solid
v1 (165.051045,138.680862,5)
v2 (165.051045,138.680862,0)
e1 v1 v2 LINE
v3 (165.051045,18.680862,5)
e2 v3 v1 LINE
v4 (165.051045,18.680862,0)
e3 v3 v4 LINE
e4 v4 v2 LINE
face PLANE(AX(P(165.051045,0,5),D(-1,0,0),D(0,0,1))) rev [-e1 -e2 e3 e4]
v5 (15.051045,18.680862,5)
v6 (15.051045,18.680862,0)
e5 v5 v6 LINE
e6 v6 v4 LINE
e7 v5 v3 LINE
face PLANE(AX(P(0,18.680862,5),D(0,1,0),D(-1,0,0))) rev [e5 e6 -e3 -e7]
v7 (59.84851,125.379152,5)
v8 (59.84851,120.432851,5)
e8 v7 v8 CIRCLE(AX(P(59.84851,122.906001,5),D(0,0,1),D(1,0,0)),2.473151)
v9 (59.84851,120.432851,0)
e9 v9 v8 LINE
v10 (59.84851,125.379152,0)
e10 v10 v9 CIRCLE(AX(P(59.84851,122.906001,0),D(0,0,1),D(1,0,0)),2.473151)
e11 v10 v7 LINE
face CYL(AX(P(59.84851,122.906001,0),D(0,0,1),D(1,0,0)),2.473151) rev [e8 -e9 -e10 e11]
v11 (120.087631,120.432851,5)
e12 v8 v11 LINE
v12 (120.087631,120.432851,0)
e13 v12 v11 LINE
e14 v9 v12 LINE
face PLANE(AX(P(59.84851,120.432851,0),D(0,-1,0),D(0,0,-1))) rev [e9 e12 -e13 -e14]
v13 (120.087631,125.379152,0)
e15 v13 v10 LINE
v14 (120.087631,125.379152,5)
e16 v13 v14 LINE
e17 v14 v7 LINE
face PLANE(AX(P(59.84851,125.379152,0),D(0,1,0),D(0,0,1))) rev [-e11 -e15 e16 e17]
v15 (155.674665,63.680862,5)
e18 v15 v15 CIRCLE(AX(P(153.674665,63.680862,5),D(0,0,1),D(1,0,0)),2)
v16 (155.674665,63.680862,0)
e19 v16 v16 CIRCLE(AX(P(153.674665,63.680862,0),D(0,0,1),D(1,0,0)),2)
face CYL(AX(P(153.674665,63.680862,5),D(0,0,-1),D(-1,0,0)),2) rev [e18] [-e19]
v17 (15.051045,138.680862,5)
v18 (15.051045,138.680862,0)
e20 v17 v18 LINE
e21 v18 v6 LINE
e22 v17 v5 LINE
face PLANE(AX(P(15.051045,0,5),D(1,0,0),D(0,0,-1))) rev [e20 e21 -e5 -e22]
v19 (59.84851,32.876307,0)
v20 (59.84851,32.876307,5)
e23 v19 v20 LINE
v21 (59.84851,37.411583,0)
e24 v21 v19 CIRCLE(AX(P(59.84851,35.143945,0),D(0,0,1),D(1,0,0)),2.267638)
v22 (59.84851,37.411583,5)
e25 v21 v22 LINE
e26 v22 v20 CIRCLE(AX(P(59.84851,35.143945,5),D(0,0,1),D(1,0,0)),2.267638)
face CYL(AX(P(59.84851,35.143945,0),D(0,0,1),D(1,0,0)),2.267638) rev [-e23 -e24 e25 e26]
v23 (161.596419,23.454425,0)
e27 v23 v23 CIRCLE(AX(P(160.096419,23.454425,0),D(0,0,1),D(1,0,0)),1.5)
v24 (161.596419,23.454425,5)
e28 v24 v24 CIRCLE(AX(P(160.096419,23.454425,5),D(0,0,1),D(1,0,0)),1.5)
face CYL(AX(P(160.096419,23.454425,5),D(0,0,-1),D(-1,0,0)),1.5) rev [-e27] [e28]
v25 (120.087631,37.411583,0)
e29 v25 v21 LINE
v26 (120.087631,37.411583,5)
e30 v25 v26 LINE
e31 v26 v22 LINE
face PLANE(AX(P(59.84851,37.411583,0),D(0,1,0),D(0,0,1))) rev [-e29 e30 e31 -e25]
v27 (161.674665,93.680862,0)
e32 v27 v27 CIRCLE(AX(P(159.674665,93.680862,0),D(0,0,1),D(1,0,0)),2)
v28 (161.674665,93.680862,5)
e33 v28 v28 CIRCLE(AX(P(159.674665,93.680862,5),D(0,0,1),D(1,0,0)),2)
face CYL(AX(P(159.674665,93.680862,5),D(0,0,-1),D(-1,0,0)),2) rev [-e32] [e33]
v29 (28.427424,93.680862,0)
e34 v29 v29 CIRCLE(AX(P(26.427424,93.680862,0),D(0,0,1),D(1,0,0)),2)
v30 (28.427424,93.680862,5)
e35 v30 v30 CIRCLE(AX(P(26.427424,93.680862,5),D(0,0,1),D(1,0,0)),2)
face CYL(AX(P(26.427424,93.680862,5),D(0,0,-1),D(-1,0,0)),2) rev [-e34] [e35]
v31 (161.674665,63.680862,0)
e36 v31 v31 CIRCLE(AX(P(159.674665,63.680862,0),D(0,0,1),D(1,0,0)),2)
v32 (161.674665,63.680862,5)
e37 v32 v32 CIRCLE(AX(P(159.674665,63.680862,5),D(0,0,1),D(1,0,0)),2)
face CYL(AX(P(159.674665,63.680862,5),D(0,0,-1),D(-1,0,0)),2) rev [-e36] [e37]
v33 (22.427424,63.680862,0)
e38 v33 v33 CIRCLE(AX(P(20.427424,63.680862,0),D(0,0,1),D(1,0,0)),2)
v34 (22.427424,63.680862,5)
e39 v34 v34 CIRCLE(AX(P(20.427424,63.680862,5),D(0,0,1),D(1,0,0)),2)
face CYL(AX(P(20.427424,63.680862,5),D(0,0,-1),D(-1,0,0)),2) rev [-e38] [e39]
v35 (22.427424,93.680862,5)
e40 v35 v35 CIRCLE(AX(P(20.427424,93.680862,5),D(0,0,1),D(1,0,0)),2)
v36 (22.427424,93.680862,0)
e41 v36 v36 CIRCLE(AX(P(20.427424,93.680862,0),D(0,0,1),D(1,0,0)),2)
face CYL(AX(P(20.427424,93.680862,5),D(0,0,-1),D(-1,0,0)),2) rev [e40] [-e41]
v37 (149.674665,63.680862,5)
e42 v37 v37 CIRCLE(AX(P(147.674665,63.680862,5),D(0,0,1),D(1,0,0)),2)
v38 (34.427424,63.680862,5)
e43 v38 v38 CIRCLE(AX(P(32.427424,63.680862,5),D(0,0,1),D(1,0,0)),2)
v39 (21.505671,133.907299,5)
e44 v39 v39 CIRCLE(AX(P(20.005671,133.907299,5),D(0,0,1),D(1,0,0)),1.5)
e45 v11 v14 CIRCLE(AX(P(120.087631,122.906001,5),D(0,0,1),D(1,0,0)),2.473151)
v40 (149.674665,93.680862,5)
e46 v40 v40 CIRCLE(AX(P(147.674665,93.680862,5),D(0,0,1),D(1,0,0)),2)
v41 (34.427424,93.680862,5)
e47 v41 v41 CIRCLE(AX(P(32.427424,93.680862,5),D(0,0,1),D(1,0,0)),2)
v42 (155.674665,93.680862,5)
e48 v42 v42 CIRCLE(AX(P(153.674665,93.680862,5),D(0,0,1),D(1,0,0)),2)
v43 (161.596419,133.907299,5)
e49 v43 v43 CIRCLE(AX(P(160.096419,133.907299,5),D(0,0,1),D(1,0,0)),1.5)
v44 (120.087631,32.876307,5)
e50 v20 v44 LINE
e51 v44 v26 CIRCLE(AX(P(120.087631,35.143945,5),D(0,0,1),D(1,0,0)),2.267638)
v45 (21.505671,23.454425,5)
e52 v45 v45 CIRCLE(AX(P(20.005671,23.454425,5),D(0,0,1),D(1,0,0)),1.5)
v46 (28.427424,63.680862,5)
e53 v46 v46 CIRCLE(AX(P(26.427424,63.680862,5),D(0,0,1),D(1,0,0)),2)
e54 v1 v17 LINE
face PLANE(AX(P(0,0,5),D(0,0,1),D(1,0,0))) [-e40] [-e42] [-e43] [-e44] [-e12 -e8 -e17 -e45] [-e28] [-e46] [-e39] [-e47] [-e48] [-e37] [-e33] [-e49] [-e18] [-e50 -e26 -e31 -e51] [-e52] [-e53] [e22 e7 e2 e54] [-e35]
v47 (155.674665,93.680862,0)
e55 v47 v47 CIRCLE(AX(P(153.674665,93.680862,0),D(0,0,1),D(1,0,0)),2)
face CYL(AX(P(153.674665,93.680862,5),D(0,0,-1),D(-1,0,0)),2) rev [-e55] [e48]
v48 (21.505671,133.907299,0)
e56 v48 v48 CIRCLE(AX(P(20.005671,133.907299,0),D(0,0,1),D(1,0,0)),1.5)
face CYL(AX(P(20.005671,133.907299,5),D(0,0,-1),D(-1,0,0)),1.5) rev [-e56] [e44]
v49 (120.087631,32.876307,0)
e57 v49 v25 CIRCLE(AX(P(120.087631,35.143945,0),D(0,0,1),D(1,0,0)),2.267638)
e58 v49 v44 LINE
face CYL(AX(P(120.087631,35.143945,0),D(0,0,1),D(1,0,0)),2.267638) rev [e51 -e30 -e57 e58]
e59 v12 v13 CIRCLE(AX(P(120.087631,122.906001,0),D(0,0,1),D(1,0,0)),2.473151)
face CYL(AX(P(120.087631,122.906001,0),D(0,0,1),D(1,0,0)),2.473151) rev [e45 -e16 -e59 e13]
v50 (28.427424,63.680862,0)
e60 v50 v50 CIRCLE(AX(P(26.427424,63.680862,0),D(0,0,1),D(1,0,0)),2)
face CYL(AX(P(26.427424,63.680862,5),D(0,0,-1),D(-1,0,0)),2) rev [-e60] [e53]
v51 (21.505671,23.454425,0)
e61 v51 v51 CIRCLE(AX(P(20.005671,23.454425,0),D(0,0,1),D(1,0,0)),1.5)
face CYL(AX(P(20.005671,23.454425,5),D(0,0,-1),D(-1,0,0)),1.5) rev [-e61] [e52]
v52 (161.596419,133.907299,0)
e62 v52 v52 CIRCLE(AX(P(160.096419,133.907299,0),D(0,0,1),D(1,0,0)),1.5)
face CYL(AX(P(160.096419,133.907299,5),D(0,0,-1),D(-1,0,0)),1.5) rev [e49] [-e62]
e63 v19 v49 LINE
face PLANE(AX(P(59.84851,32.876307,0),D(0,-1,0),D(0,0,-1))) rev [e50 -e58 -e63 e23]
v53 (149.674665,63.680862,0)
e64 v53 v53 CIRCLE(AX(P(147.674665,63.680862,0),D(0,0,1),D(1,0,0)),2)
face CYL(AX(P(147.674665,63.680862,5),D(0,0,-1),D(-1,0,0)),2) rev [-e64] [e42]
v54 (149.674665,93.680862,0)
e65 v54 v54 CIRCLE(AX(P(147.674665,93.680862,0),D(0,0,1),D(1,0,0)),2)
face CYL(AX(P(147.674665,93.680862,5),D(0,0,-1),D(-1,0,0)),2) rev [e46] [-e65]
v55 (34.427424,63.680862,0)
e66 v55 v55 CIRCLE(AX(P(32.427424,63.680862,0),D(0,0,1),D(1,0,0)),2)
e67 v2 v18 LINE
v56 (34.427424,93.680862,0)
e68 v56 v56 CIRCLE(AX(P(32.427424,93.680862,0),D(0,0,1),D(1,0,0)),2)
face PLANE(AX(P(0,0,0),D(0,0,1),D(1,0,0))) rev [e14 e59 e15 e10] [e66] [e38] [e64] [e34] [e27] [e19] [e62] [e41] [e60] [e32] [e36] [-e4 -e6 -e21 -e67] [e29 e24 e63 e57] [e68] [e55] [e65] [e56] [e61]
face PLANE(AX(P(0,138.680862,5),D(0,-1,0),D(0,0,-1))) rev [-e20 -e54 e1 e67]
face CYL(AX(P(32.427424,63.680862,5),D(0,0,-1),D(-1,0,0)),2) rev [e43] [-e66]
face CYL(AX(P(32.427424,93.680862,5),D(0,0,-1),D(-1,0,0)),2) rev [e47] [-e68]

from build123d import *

# Parameters (mm, degrees)
MODEL_W             = 150
MODEL_H             = 120
MODEL_R             = 2
MODEL_R_2           = 1.5
BOSS_EXTRUDE1_DEPTH = 5
CUT_EXTRUDE1_DEPTH  = 216.636798312


with BuildPart() as part:
    # Model → Boss-Extrude1 (new body)
    with BuildSketch(Plane.XY):
        with Locations((90.051044639, 78.680861873)):
            Rectangle(MODEL_W, MODEL_H)
        with Locations((20.427424183, 93.680861873)):
            Circle(MODEL_R, mode=Mode.SUBTRACT)
        with Locations((26.427424183, 93.680861873)):
            Circle(MODEL_R, mode=Mode.SUBTRACT)
        with Locations((32.427424183, 93.680861873)):
            Circle(MODEL_R, mode=Mode.SUBTRACT)
        with Locations((20.427424183, 63.680861873)):
            Circle(MODEL_R, mode=Mode.SUBTRACT)
        with Locations((26.427424183, 63.680861873)):
            Circle(MODEL_R, mode=Mode.SUBTRACT)
        with Locations((32.427424183, 63.680861873)):
            Circle(MODEL_R, mode=Mode.SUBTRACT)
        with Locations((159.674665094, 93.680861873)):
            Circle(MODEL_R, mode=Mode.SUBTRACT)
        with Locations((153.674665094, 93.680861873)):
            Circle(MODEL_R, mode=Mode.SUBTRACT)
        with Locations((147.674665094, 93.680861873)):
            Circle(MODEL_R, mode=Mode.SUBTRACT)
        with Locations((159.674665094, 63.680861873)):
            Circle(MODEL_R, mode=Mode.SUBTRACT)
        with Locations((153.674665094, 63.680861873)):
            Circle(MODEL_R, mode=Mode.SUBTRACT)
        with Locations((147.674665094, 63.680861873)):
            Circle(MODEL_R, mode=Mode.SUBTRACT)
        with Locations((20.005670629, 133.907298569)):
            Circle(MODEL_R_2, mode=Mode.SUBTRACT)
        with Locations((160.096418648, 133.907298569)):
            Circle(MODEL_R_2, mode=Mode.SUBTRACT)
        with Locations((20.005670629, 23.454425177)):
            Circle(MODEL_R_2, mode=Mode.SUBTRACT)
        with Locations((160.096418648, 23.454425177)):
            Circle(MODEL_R_2, mode=Mode.SUBTRACT)
    extrude(amount=BOSS_EXTRUDE1_DEPTH)

    # Sketch3 → Cut-Extrude1 (cut, through all)
    with BuildSketch(Plane.XY.offset(5)):
        with BuildLine():
            Line((59.848510467, 125.37915187), (120.08763082, 125.37915187))
            ThreePointArc((120.08763082, 125.37915187), (122.560781495, 122.906001195), (120.08763082, 120.43285052))
            Line((120.08763082, 120.43285052), (59.848510467, 120.43285052))
            ThreePointArc((59.848510467, 120.43285052), (57.375359792, 122.906001195), (59.848510467, 125.37915187))
        make_face()
        with BuildLine():
            Line((59.848510467, 37.411582635), (120.08763082, 37.411582635))
            ThreePointArc((120.08763082, 37.411582635), (122.355268775, 35.14394468), (120.08763082, 32.876306725))
            Line((120.08763082, 32.876306725), (59.848510467, 32.876306725))
            ThreePointArc((59.848510467, 32.876306725), (57.580872512, 35.14394468), (59.848510467, 37.411582635))
        make_face()
    extrude(amount=-CUT_EXTRUDE1_DEPTH, mode=Mode.SUBTRACT)


solid = part.part
